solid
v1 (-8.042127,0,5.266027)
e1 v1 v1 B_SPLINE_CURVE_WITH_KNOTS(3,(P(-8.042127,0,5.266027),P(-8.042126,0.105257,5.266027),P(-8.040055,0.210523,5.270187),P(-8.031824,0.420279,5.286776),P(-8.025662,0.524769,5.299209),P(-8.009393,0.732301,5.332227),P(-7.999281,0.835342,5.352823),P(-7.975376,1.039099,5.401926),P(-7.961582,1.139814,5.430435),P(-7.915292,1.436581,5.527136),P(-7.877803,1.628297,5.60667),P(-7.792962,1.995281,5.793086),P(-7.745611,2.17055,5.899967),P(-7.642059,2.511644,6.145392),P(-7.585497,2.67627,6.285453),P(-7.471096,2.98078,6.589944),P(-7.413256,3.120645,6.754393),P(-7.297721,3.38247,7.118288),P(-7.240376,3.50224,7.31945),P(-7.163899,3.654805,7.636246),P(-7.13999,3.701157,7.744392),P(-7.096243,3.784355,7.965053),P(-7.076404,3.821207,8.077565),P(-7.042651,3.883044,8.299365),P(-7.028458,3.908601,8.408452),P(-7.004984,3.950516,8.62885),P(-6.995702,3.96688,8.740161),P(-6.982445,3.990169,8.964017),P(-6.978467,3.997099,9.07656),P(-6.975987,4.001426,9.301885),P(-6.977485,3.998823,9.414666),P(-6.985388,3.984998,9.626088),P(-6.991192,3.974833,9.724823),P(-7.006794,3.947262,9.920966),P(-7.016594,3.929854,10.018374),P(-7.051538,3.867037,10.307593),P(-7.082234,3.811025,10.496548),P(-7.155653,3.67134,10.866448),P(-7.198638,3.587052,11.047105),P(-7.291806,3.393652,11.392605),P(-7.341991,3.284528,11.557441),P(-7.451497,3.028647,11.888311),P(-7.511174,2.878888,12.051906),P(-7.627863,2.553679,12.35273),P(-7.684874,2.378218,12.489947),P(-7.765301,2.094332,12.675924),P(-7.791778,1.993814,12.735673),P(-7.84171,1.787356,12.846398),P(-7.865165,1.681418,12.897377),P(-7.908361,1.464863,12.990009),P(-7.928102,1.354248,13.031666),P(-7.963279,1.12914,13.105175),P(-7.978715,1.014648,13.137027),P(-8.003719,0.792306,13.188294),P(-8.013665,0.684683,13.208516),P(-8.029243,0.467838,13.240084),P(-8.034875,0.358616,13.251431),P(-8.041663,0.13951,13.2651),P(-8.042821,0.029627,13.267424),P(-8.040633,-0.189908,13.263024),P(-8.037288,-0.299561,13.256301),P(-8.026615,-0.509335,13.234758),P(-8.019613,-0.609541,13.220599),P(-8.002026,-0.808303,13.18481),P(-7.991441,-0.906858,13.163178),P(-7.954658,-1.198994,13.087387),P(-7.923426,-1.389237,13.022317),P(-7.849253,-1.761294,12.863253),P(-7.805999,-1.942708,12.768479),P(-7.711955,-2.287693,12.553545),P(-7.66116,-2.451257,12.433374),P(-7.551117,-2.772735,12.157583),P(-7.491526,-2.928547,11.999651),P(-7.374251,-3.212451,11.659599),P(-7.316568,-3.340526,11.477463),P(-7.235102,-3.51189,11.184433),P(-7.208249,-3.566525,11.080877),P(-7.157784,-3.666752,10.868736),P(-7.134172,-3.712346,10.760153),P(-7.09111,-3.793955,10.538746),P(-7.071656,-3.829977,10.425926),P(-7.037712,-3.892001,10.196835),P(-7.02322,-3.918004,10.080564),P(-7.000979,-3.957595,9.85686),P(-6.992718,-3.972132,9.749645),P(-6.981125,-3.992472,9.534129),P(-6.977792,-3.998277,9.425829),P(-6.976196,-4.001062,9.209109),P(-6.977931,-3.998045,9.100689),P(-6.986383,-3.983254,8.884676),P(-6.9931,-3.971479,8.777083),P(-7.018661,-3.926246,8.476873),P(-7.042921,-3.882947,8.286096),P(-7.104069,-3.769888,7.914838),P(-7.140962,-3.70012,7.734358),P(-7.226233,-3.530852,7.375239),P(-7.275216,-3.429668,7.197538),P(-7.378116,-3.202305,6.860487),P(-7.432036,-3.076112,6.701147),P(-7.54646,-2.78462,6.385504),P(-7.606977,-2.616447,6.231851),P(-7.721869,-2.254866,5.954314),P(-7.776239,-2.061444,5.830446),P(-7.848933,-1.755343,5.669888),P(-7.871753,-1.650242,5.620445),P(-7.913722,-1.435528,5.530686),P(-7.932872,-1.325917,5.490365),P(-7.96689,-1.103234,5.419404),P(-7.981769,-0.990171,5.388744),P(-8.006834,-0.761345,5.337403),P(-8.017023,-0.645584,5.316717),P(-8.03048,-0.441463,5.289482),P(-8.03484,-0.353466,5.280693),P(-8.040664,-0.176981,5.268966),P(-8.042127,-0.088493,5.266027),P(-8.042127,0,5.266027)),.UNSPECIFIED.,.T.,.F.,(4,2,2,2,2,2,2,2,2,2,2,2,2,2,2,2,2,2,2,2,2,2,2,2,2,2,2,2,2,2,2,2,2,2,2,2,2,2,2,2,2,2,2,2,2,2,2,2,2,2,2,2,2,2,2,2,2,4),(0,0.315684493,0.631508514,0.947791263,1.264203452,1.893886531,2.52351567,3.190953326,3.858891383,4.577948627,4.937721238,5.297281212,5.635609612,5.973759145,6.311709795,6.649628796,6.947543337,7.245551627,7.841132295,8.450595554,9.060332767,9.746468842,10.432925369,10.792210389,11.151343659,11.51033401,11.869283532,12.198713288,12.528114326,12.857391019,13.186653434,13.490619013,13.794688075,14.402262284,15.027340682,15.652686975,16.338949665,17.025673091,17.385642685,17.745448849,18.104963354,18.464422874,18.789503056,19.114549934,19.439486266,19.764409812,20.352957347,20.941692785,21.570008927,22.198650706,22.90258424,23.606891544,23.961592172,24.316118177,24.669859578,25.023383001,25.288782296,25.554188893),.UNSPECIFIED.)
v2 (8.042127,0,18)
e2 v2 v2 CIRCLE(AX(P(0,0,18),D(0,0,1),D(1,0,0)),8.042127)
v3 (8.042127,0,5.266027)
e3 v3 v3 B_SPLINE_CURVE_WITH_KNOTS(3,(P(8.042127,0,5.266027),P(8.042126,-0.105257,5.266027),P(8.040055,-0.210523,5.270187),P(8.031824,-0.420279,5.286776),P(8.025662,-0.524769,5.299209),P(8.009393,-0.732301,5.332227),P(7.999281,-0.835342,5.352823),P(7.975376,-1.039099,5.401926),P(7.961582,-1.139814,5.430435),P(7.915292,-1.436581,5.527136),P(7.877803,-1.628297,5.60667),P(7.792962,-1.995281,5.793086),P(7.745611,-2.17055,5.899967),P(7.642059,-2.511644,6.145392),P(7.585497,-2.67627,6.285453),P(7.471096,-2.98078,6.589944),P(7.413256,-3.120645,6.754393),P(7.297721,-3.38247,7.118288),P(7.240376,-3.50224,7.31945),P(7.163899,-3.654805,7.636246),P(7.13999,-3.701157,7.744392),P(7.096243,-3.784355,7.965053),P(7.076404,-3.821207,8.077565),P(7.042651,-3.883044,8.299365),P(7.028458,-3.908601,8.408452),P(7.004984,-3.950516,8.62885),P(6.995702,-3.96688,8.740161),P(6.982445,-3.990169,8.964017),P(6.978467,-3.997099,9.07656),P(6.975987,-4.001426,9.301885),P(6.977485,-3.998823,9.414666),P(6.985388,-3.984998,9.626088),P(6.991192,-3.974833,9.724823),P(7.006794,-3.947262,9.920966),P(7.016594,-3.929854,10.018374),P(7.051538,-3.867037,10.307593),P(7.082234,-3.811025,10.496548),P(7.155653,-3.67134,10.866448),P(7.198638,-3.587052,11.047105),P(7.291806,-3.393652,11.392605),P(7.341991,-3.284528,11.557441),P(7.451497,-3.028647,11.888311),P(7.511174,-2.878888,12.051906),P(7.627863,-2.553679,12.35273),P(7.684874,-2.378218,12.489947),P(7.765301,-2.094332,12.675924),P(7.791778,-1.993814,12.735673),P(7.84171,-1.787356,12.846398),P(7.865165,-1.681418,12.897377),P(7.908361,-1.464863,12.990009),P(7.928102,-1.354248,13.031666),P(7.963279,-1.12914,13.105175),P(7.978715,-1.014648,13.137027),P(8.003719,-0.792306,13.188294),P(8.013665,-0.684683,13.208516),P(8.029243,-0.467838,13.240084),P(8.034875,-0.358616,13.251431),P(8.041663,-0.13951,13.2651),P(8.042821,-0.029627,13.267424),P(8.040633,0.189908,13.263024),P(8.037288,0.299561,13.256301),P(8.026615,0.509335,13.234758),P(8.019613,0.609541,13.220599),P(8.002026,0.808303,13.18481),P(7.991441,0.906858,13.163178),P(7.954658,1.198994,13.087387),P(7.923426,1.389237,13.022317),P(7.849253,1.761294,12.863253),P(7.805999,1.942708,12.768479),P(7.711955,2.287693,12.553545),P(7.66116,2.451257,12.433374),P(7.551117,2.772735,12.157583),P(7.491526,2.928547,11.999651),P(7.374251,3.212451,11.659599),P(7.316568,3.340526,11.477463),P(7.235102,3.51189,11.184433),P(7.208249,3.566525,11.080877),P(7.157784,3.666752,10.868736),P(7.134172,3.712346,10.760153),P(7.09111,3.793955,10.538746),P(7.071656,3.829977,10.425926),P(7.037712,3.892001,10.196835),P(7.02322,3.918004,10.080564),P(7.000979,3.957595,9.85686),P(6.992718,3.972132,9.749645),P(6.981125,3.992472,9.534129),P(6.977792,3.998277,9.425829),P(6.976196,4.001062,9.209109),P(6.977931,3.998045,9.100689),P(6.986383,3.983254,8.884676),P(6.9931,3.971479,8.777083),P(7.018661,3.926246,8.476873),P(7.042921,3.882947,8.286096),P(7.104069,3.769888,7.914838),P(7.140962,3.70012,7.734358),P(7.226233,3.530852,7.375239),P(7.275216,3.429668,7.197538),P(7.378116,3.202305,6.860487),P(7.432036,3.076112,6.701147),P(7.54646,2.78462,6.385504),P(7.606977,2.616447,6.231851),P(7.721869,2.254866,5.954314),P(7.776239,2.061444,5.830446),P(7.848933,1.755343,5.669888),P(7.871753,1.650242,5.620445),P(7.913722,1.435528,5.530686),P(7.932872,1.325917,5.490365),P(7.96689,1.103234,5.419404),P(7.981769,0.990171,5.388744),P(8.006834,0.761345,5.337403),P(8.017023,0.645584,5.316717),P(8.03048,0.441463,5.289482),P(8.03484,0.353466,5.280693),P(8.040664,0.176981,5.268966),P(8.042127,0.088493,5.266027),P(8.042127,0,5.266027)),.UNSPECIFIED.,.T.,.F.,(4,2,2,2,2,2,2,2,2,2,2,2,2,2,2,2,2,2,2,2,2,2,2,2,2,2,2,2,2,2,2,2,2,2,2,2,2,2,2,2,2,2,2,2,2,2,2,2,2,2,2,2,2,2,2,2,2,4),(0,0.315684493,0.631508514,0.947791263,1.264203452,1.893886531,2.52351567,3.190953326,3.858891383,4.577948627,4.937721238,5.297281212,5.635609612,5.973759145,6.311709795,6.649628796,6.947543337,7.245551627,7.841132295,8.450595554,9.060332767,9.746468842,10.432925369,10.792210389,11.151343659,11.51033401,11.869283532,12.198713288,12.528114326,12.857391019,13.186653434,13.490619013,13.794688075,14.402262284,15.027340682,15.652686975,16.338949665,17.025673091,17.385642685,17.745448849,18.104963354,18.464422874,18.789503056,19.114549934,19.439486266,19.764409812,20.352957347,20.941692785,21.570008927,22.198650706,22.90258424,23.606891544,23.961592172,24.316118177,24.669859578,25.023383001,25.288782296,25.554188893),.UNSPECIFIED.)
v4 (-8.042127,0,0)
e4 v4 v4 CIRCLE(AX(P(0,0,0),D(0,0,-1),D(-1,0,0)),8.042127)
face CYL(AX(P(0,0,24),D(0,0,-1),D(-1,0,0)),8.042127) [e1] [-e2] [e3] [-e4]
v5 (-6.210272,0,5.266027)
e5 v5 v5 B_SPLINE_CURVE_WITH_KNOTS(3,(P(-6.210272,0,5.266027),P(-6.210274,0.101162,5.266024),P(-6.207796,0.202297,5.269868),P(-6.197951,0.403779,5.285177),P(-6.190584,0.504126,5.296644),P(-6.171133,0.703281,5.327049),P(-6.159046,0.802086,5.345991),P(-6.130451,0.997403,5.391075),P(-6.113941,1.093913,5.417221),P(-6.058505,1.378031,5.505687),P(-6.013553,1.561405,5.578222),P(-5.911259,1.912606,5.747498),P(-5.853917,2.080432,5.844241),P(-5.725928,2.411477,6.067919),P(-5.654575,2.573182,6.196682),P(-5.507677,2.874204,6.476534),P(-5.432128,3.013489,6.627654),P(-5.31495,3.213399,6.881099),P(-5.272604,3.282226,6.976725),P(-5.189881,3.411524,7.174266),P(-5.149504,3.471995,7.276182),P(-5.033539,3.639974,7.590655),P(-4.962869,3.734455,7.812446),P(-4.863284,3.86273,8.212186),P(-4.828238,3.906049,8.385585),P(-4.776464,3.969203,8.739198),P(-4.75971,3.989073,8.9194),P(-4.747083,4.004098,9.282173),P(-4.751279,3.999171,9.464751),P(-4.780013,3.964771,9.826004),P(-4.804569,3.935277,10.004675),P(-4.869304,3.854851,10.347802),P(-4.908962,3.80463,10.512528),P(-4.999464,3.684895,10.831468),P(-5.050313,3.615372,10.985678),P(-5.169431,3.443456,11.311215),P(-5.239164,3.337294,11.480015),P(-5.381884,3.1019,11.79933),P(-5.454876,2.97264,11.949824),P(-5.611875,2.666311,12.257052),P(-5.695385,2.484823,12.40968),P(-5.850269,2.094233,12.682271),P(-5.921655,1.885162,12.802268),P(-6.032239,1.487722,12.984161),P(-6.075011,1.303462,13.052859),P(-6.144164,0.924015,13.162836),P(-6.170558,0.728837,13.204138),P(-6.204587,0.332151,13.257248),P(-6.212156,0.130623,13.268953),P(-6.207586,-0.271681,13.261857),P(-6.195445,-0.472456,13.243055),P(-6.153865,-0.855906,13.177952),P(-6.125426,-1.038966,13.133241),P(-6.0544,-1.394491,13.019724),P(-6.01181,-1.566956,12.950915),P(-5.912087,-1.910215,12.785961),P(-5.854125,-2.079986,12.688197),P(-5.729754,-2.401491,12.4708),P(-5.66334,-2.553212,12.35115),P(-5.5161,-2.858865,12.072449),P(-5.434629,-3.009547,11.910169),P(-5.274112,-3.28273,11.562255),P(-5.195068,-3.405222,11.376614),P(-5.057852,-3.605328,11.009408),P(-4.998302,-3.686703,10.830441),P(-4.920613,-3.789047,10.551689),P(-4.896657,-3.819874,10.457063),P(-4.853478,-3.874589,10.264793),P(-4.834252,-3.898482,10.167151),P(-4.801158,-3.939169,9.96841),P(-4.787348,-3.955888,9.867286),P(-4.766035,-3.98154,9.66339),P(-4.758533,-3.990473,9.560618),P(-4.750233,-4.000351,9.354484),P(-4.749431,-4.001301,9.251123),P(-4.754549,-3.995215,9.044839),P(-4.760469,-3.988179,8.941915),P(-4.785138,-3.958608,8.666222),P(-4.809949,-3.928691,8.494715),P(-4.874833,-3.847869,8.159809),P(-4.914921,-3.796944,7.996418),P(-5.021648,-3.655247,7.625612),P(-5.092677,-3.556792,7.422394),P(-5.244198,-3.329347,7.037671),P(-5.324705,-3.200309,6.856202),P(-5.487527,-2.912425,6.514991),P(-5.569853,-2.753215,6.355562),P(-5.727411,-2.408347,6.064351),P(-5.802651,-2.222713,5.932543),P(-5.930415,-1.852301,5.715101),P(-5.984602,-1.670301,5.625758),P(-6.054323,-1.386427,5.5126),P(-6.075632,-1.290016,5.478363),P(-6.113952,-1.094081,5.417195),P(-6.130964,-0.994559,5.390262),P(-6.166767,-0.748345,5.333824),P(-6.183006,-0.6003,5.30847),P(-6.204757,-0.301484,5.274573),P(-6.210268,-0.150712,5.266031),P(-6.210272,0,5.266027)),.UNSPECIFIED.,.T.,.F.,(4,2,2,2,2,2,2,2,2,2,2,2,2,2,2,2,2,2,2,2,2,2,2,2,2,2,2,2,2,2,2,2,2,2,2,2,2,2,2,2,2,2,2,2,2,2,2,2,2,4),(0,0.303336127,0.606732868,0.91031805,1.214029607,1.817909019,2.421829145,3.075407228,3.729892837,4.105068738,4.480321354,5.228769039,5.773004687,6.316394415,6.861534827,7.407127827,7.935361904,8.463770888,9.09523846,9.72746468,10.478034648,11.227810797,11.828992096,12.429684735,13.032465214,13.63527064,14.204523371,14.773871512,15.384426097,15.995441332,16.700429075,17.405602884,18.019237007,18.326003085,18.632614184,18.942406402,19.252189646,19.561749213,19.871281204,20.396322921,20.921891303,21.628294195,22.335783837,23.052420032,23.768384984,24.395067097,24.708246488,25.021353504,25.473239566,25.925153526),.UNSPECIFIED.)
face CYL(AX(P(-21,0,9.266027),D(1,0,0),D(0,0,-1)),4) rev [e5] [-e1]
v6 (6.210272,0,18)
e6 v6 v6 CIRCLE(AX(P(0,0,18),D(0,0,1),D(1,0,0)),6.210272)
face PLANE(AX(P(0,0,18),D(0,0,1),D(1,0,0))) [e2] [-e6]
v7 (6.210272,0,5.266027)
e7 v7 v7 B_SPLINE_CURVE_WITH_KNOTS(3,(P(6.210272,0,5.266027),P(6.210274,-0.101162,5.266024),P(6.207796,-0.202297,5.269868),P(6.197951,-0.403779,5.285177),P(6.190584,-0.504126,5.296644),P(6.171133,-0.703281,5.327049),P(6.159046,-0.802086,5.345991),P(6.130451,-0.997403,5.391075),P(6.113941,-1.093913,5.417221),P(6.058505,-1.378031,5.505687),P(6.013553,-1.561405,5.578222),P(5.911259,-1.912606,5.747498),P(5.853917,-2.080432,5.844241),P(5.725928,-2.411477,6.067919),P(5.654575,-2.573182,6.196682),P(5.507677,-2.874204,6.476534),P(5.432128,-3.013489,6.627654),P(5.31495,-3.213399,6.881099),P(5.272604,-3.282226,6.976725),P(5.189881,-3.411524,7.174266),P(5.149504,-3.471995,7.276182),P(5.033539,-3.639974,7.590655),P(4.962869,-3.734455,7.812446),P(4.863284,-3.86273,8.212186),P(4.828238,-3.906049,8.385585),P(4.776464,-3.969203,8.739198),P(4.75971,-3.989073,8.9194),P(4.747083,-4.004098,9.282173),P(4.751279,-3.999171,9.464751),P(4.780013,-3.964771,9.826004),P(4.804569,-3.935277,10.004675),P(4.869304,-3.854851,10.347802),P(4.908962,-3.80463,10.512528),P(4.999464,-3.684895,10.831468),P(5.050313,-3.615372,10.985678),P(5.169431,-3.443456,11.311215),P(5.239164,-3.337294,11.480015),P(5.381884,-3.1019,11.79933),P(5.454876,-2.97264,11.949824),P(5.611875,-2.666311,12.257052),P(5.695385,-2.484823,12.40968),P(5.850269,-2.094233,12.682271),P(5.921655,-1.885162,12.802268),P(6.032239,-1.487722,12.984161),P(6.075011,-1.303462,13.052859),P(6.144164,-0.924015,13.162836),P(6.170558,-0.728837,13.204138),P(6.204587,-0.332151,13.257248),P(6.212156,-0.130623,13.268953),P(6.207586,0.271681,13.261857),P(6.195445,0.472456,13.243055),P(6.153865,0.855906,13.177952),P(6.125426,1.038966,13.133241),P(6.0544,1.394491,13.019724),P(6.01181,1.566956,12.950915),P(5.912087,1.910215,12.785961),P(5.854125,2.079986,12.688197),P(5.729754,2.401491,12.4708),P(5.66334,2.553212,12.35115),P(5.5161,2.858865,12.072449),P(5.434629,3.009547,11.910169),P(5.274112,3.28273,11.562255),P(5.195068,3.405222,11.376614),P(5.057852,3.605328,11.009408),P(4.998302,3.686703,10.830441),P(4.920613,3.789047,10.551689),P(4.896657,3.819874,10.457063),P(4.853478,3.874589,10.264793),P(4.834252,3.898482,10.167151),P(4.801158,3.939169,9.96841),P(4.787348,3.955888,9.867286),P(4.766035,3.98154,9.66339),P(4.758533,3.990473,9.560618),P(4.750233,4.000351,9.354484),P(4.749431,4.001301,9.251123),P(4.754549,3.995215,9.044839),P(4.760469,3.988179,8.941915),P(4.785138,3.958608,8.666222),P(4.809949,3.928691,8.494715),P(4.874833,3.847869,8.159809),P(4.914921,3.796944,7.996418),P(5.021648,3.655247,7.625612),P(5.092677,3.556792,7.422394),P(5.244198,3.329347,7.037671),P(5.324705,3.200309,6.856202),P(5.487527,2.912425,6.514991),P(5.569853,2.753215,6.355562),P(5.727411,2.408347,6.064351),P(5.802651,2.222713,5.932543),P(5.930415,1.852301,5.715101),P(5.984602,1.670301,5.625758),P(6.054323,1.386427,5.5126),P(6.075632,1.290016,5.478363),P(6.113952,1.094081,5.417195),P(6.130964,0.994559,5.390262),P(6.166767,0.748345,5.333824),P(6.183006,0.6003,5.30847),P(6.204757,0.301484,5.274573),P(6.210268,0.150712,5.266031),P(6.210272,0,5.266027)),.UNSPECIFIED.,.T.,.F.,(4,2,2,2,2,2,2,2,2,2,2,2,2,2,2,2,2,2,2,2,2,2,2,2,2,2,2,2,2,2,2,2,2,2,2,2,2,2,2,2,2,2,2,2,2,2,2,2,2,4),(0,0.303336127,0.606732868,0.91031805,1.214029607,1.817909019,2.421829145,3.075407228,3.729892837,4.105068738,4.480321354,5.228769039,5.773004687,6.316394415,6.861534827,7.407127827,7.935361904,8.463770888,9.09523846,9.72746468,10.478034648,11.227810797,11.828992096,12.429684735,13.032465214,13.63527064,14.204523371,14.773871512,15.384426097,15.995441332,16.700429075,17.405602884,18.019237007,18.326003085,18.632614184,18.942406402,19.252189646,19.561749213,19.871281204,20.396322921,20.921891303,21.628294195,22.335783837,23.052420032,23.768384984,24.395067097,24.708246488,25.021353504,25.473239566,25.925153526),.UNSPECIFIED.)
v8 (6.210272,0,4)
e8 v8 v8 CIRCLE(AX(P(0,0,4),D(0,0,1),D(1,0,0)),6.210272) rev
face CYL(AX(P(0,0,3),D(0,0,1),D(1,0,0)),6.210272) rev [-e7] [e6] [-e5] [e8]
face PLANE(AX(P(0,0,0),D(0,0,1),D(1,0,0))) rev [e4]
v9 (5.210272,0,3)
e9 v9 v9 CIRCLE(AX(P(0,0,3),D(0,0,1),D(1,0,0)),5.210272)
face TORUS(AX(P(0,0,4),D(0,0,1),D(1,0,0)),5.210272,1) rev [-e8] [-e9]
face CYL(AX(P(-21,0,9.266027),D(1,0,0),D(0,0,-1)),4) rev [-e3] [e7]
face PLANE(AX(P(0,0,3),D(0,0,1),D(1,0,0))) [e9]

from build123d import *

# Parameters (mm, degrees)
SKETCH2_R               = 10
BOSS_EXTRUDE1_DEPTH     = 18
SKETCH5_R               = 4
CUT_EXTRUDE1_DEPTH      = 18
CUT_EXTRUDE1_DEPTH_BACK = 21
SKETCH6_OUTSIDE_W       = 28.706
SKETCH6_OUTSIDE_H       = 28.706
SKETCH6_OUTSIDE_R       = 8.042126696
CUT_EXTRUDE2_DEPTH      = 24
SKETCH8_R               = 6.210271538
CUT_EXTRUDE4_DEPTH      = 15
FILLET1_R               = 1


with BuildPart() as part:
    # Sketch2 → Boss-Extrude1 (new body)
    with BuildSketch(Plane.XY):
        Circle(SKETCH2_R)
    extrude(amount=BOSS_EXTRUDE1_DEPTH)

    # Sketch5 → Cut-Extrude1 (cut, two sides)
    with BuildSketch(Plane(origin=(0, 0, 0), x_dir=(0, 0, -1), z_dir=(1, 0, 0))) as cut_extrude1_sk:
        with Locations((-9.266027008, 0)):
            Circle(SKETCH5_R)
    extrude(amount=CUT_EXTRUDE1_DEPTH, mode=Mode.SUBTRACT)
    extrude(cut_extrude1_sk.sketch, amount=-CUT_EXTRUDE1_DEPTH_BACK, mode=Mode.SUBTRACT)

    # Sketch6 outside → Cut-Extrude2 (cut)
    with BuildSketch(Plane(origin=(0, 0, 0), x_dir=(-1, 0, 0), z_dir=(0, 0, -1))):
        Rectangle(SKETCH6_OUTSIDE_W, SKETCH6_OUTSIDE_H)
        Circle(SKETCH6_OUTSIDE_R, mode=Mode.SUBTRACT)
    extrude(amount=-CUT_EXTRUDE2_DEPTH, mode=Mode.SUBTRACT)

    # Sketch8 → Cut-Extrude4 (cut)
    with BuildSketch(Plane.XY.offset(18)):
        Circle(SKETCH8_R)
    extrude(amount=-CUT_EXTRUDE4_DEPTH, mode=Mode.SUBTRACT)

    # Fillet1
    fillet1_edges = [part.edges().sort_by_distance(p)[0] for p in [
        (-6.210271538, 0, 3),
    ]]
    fillet(fillet1_edges, radius=FILLET1_R)


solid = part.part
